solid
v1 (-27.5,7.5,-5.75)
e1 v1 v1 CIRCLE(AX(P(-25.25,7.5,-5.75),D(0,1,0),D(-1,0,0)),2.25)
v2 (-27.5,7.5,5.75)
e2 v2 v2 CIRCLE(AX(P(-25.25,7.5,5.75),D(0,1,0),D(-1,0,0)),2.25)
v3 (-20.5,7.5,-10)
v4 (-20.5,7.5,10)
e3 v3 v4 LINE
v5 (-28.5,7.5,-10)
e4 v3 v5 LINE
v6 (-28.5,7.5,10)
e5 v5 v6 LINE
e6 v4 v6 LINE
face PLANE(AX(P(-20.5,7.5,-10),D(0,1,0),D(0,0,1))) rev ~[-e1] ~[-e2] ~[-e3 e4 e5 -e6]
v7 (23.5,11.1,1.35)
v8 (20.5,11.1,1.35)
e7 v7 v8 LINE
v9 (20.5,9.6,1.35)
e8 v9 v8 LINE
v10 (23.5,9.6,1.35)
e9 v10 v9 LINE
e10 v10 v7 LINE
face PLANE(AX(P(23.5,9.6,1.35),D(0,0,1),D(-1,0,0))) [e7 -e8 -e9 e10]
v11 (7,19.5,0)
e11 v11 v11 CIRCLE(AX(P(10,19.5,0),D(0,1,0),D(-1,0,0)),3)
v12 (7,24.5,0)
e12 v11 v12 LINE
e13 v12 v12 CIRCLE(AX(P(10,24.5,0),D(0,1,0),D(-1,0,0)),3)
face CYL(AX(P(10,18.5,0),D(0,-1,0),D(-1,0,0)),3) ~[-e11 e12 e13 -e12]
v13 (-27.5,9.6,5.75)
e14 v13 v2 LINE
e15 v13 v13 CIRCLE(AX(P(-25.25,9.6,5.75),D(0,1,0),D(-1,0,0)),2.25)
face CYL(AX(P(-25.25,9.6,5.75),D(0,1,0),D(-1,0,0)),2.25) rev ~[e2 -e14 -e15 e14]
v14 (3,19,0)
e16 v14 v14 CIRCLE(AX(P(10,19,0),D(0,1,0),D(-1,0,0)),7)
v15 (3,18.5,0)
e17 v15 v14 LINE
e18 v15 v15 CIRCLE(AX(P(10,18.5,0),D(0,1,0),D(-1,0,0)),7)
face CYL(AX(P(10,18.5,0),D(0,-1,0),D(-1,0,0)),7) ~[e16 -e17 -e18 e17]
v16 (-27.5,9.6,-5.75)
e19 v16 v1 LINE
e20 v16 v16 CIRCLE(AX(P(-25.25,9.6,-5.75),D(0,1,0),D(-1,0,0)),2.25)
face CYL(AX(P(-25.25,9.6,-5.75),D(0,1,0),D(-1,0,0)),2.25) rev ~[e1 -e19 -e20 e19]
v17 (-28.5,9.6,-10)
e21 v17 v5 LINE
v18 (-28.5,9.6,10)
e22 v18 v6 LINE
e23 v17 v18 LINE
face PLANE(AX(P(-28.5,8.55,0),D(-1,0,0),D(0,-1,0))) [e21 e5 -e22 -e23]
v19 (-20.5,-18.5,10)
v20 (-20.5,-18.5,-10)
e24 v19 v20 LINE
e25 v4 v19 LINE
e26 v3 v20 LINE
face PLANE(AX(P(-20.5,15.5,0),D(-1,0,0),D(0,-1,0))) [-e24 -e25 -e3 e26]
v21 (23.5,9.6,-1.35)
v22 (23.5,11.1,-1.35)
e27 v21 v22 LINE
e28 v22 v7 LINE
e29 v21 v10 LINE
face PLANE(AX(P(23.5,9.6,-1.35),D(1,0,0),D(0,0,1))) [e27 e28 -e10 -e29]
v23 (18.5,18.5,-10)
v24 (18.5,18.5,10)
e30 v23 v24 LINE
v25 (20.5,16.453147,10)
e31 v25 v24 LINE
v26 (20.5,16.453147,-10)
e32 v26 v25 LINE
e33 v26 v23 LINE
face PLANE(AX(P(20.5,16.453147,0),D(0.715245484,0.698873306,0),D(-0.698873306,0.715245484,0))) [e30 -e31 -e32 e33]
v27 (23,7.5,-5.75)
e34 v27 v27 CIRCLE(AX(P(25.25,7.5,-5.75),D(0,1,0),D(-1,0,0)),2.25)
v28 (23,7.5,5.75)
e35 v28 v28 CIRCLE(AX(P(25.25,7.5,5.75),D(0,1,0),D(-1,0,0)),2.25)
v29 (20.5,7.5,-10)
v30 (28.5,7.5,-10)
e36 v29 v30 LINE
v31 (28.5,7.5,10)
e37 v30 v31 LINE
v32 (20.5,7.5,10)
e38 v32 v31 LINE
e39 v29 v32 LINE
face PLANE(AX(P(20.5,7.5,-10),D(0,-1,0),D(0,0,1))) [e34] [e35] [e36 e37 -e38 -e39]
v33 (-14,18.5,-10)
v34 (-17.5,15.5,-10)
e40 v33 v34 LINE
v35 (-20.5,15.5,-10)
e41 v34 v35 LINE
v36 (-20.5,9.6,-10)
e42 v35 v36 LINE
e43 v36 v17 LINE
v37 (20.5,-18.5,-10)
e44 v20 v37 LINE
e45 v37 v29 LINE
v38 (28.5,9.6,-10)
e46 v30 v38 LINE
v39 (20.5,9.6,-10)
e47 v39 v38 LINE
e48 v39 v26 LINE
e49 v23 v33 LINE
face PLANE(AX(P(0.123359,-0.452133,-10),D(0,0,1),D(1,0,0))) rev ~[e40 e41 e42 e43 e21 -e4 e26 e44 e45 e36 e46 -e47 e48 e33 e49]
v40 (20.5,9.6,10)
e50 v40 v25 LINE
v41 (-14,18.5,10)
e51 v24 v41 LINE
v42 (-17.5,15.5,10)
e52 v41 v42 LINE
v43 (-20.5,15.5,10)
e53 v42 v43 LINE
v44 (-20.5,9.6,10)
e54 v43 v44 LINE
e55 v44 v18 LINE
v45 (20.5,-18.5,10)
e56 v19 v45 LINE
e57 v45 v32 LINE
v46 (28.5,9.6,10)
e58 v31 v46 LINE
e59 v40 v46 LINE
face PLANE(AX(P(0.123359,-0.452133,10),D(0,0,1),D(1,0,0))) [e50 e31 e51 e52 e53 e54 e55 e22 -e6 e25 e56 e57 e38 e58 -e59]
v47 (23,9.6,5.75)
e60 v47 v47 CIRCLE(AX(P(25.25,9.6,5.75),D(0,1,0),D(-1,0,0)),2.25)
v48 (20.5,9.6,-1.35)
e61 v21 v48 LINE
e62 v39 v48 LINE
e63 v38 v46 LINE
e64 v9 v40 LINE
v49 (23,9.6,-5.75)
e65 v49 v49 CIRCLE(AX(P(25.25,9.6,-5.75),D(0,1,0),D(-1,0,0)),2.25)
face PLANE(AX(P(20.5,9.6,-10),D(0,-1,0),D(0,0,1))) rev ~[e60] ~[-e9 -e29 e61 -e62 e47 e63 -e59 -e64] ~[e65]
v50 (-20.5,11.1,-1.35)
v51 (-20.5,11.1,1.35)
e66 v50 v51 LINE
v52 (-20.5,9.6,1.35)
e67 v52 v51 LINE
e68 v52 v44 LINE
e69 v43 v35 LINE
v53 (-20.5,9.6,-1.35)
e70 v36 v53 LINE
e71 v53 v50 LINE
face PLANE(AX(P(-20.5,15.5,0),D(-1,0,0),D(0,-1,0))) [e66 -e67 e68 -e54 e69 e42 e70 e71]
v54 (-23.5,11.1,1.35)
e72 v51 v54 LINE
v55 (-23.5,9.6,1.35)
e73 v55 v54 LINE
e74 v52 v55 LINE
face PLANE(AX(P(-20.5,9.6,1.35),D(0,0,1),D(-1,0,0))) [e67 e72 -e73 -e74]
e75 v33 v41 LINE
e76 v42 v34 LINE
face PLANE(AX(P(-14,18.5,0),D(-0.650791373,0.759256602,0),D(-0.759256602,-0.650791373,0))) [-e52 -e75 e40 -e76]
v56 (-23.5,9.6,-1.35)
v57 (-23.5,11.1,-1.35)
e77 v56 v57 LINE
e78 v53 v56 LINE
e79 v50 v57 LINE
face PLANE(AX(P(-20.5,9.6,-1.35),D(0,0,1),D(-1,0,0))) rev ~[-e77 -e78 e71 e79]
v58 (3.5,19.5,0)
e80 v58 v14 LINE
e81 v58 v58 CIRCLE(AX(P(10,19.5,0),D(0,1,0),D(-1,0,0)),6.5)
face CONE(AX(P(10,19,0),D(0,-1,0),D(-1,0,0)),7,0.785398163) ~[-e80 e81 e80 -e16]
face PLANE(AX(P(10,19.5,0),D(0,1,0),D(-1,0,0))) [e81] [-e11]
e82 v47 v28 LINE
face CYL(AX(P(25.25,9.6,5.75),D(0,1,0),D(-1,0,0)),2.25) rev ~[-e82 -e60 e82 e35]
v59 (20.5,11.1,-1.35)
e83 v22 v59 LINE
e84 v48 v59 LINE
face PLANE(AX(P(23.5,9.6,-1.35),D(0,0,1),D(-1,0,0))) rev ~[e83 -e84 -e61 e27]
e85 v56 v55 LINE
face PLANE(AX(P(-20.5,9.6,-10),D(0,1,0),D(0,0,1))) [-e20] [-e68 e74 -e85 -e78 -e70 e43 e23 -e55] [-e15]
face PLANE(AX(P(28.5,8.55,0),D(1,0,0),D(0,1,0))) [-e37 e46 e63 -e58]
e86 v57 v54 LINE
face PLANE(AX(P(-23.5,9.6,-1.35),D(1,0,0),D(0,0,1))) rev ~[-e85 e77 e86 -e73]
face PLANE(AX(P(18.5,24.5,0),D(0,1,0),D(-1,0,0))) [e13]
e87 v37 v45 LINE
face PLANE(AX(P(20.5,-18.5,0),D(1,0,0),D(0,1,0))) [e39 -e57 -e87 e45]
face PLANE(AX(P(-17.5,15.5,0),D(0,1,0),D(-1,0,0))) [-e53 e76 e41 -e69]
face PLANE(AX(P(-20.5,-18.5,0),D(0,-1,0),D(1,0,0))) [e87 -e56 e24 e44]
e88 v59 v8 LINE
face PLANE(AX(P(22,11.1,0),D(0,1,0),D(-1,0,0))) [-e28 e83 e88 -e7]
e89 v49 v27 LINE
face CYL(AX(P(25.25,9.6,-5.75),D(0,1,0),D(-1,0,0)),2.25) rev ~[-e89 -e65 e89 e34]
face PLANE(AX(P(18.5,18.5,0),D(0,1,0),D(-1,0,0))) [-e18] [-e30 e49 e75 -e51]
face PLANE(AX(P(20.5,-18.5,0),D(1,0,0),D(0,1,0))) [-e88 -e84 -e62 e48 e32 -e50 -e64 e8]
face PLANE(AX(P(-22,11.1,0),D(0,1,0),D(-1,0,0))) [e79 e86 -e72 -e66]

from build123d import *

# Parameters (mm, degrees)
F1_DEPTH  = 10
F2_R      = 7
F2_R_2    = 3
F3_DEPTH  = 1
F4_DEPTH  = 6
F5_SIZE   = 0.5
F6_W      = 2.1
F6_H      = 20
F8_DEPTH  = 8
F7_W      = 2.1
F7_H      = 20
F9_DEPTH  = 8
F10_R     = 2.25
F11_DEPTH = 28.101
F10_W     = 3
F10_H     = 2.7
F12_DEPTH = 1.5


with BuildPart() as f1:
    # F0 (on Top) → F1 (new body, symmetric)
    with BuildSketch(Plane.XY):
        Polygon((-20.5, -18.5), (20.5, -18.5), (20.5, 16.4531469345), (18.5, 18.5), (-14, 18.5), (-17.5, 15.5), (-20.5, 15.5), align=None)
    extrude(amount=F1_DEPTH, both=True)

    # F2 (on face) → F3 (join)
    with BuildSketch(Plane(origin=(0, 18.5, 0), x_dir=(-1, 0, 0), z_dir=(0, 1, 0))):
        with Locations((-10, 0)):
            Circle(F2_R)
        with Locations((-10, 0)):
            Circle(F2_R_2, mode=Mode.SUBTRACT)
    extrude(amount=F3_DEPTH)

    # F4 (add): a face of the model
    f4_faces = [f1.faces().sort_by_distance(p)[0] for p in [
        (10, 18.5, 0),
    ]]
    extrude(f4_faces, amount=F4_DEPTH)

    # F5
    f5_edges = [f1.edges().sort_by_distance(p)[0] for p in [
        (17, 19.5, 0),
    ]]
    chamfer(f5_edges, length=F5_SIZE)

    # F6 (on face) → F8 (join)
    with BuildSketch(Plane(origin=(-20.5, 0, 0), x_dir=(0, -1, 0), z_dir=(-1, 0, 0))):
        with Locations((-8.55, 0)):
            Rectangle(F6_W, F6_H)
    extrude(amount=F8_DEPTH)

    # F7 (on face) → F9 (join)
    with BuildSketch(Plane.YZ.offset(20.5)):
        with Locations((8.55, 0)):
            Rectangle(F7_W, F7_H)
    extrude(amount=F9_DEPTH)

    # F10 (on face) → F11 (cut, through all)
    with BuildSketch(Plane(origin=(0, 9.6, 0), x_dir=(-1, 0, 0), z_dir=(0, 1, 0))):
        with Locations((-25.25, 5.75)):
            Circle(F10_R)
        with Locations((-25.25, -5.75)):
            Circle(F10_R)
        with Locations((25.25, -5.75)):
            Circle(F10_R)
        with Locations((25.25, 5.75)):
            Circle(F10_R)
    extrude(amount=-F11_DEPTH, mode=Mode.SUBTRACT)

    # F10 (on face) → F12 (join)
    with BuildSketch(Plane(origin=(0, 9.6, 0), x_dir=(-1, 0, 0), z_dir=(0, 1, 0))):
        with Locations((-22, 0)):
            Rectangle(F10_W, F10_H)
        with Locations((22, 0)):
            Rectangle(F10_W, F10_H)
    extrude(amount=F12_DEPTH)


solid = f1.part
